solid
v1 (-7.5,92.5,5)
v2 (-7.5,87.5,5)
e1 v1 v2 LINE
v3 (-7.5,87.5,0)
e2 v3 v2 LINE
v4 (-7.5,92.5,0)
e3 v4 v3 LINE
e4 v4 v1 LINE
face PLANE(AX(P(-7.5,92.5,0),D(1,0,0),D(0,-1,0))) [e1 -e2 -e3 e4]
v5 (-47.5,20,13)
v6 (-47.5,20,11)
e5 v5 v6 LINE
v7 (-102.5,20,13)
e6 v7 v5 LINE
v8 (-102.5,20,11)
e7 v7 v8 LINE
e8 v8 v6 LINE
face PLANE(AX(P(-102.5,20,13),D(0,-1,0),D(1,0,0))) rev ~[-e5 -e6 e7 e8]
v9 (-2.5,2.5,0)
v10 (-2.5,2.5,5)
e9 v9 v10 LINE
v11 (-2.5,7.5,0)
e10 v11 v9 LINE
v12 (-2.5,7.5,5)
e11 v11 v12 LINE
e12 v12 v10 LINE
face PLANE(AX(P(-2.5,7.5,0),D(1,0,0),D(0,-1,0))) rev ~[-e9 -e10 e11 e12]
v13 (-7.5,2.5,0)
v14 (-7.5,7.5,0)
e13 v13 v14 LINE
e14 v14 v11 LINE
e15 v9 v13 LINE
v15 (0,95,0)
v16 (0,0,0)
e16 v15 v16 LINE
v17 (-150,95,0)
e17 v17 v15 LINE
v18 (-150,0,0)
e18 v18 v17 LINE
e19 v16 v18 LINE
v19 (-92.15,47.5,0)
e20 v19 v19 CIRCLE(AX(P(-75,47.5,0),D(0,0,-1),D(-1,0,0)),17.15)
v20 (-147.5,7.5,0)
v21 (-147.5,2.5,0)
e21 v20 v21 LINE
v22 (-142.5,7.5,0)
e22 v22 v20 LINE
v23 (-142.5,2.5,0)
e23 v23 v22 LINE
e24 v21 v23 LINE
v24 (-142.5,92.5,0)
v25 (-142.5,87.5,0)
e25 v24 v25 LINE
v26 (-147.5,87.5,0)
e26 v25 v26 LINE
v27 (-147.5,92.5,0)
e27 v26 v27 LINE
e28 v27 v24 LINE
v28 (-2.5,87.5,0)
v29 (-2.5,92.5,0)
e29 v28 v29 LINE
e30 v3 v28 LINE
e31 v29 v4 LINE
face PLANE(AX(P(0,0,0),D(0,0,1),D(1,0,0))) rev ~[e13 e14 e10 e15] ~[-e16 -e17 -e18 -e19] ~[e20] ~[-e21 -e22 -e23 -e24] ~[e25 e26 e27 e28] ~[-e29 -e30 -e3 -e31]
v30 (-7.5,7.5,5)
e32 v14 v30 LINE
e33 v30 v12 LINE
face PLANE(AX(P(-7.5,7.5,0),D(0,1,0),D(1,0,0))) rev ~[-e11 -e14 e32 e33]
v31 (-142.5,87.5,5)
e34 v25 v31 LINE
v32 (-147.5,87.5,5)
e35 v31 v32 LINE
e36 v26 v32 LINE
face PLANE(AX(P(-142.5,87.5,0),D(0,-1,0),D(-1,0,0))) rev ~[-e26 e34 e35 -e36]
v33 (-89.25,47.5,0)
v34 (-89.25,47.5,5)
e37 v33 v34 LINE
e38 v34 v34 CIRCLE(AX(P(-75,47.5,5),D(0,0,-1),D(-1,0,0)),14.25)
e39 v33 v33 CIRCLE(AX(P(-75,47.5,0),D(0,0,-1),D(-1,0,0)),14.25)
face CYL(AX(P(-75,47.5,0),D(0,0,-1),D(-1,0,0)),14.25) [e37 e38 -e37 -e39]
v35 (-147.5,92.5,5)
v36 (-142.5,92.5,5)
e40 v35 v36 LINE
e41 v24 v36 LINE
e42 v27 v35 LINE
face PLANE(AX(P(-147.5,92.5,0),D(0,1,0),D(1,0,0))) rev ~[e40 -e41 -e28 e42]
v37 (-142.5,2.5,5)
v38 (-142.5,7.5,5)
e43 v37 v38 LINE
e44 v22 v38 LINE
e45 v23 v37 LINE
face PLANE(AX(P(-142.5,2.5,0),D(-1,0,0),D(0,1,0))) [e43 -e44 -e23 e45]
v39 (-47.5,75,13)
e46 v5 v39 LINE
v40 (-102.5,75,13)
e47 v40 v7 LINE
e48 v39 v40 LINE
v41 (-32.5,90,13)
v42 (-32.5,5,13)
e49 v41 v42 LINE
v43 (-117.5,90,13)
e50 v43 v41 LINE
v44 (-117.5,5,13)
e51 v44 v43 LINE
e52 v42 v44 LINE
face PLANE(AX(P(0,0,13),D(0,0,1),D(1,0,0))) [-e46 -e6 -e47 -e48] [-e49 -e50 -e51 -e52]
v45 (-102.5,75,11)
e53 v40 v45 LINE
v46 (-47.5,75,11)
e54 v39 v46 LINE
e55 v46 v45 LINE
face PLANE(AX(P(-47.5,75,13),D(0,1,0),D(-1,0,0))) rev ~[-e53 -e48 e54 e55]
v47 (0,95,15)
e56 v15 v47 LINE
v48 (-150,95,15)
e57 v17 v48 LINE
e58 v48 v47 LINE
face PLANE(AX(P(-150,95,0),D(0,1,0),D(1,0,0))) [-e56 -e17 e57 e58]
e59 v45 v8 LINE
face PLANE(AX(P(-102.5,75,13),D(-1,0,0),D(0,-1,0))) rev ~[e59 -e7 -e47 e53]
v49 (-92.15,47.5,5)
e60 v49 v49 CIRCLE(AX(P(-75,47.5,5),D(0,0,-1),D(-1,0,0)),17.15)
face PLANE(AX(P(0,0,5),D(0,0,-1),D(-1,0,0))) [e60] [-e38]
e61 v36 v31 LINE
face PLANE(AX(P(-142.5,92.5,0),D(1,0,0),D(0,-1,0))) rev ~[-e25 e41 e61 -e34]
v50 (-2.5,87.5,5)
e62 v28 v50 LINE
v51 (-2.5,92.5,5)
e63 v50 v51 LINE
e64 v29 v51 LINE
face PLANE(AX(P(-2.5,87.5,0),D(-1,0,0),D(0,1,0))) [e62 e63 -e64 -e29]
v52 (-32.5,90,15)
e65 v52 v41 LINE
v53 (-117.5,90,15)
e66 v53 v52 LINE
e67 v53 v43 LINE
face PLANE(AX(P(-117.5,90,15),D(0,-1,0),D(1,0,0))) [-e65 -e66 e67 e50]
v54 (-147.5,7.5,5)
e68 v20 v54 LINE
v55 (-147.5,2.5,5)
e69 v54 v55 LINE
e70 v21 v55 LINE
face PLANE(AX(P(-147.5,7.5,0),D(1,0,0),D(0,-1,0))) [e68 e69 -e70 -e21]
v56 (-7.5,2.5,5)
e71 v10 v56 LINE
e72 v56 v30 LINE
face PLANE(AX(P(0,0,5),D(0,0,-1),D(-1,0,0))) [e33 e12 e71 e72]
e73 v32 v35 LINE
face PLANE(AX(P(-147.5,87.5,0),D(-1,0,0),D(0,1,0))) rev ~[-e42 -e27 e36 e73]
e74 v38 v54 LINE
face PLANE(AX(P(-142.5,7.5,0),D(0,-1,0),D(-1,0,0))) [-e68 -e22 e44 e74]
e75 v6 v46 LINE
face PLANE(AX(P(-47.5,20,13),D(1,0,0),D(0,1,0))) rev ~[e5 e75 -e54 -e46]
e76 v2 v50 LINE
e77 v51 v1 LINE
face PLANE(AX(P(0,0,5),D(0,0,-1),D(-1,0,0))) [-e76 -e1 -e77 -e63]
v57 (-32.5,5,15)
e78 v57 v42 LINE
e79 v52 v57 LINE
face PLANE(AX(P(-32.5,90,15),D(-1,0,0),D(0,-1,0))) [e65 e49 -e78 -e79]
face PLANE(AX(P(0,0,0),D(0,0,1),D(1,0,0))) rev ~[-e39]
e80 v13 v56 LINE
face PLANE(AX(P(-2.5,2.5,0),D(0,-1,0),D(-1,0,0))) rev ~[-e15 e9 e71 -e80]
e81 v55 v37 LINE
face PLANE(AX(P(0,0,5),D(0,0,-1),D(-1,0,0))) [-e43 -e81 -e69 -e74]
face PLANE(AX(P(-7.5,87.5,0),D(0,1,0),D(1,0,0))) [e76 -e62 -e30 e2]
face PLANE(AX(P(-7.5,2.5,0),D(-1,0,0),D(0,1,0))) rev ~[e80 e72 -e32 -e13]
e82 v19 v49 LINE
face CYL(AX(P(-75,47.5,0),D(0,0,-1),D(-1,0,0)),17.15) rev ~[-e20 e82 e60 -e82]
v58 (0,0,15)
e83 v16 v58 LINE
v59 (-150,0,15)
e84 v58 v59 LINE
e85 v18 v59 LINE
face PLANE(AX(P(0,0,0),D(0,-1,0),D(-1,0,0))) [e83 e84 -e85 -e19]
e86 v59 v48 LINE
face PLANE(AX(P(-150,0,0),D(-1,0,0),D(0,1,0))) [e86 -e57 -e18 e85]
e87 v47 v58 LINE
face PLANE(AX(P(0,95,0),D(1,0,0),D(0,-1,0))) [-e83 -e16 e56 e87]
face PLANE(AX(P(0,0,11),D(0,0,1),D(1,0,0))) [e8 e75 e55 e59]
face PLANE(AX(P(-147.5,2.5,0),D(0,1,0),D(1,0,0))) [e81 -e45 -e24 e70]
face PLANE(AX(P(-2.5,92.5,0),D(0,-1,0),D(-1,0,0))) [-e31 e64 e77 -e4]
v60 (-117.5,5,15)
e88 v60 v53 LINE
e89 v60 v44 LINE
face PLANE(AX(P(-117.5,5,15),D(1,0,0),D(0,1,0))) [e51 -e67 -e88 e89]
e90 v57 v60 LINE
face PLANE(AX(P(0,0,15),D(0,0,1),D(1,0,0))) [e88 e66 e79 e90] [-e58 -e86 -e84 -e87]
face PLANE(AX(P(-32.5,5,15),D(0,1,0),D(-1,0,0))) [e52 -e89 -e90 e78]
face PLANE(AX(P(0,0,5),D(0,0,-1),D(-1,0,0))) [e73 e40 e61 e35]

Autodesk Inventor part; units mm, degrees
ref_plane "YZ Plane" through (0, 0, 0) normal (1, 0, 0) x (0, 1, 0)
ref_plane "XZ Plane" through (0, 0, 0) normal (0, 1, 0) x (-1, 0, 0)
ref_plane "XY Plane" through (0, 0, 0) normal (0, 0, 1) x (1, 0, 0)
sketch "Sketch1" plane through (0, 0, 0) normal (0, 0, 1) x (1, 0, 0)
  line L0 (0, 0) -> (-150, 0)
  line L1 (-150, 0) -> (-150, 95)
  line L2 (-150, 95) -> (0, 95)
  line L3 (0, 95) -> (0, 0)
  dimension "d0" = 150
  dimension "d1" = 95
extrude "Extrusion1" add sketch "Sketch1" along normal blind 15
sketch "Sketch2" plane through (0, 0, 15) normal (0, 0, 1) x (1, 0, 0)
  line L0 (-32.5, 5) -> (-117.5, 5)
  line L1 (-117.5, 5) -> (-117.5, 90)
  line L2 (-117.5, 90) -> (-32.5, 90)
  line L3 (-32.5, 90) -> (-32.5, 5)
  point P0 (0, 0)
  dimension "d4" = 85
  dimension "d5" = 85
extrude "Extrusion2" cut sketch "Sketch2" against normal blind 2
sketch "Sketch3" plane through (0, 0, 13) normal (0, 0, 1) x (1, 0, 0)
  line L0 (-47.5, 75) -> (-102.5, 75)
  line L1 (-102.5, 75) -> (-102.5, 20)
  line L2 (-102.5, 20) -> (-47.5, 20)
  line L3 (-47.5, 20) -> (-47.5, 75)
  point P0 (0, 0)
  point P1 (-47.5, 47.5)
  dimension "d10" = 55
  dimension "d11" = 55
extrude "Extrusion3" cut sketch "Sketch3" against normal blind 2
sketch "Sketch4" plane through (0, 0, 0) normal (0, 0, -1) x (-1, 0, 0)
  circle A0 centre (75, 47.5) radius 14.25
  circle A1 centre (75, 47.5) radius 17.15
  line L0 (2.5, 2.5) -> (7.5, 2.5)
  line L1 (7.5, 2.5) -> (7.5, 7.5)
  line L2 (7.5, 7.5) -> (2.5, 7.5)
  line L3 (2.5, 7.5) -> (2.5, 2.5)
  line L4 (147.5, 2.5) -> (142.5, 2.5)
  line L5 (142.5, 2.5) -> (142.5, 7.5)
  line L6 (142.5, 7.5) -> (147.5, 7.5)
  line L7 (147.5, 7.5) -> (147.5, 2.5)
  line L8 (2.5, 92.5) -> (7.5, 92.5)
  line L9 (7.5, 92.5) -> (7.5, 87.5)
  line L10 (7.5, 87.5) -> (2.5, 87.5)
  line L11 (2.5, 87.5) -> (2.5, 92.5)
  line L12 (147.5, 92.5) -> (142.5, 92.5)
  line L13 (142.5, 92.5) -> (142.5, 87.5)
  line L14 (142.5, 87.5) -> (147.5, 87.5)
  line L15 (147.5, 87.5) -> (147.5, 92.5)
  point P0 (0, 0)
  dimension "d14" = 28.5
  dimension "d15" = 34.3
  dimension "d16" = 5
  dimension "d17" = 5
  dimension "d18" = 5
  dimension "d19" = 5
  dimension "d20" = 5
  dimension "d21" = 5
  dimension "d22" = 5
  dimension "d23" = 5
extrude "Extrusion4" cut sketch "Sketch4" against normal blind 5
properties part number "Shoulder_Both_Marker_V1"
